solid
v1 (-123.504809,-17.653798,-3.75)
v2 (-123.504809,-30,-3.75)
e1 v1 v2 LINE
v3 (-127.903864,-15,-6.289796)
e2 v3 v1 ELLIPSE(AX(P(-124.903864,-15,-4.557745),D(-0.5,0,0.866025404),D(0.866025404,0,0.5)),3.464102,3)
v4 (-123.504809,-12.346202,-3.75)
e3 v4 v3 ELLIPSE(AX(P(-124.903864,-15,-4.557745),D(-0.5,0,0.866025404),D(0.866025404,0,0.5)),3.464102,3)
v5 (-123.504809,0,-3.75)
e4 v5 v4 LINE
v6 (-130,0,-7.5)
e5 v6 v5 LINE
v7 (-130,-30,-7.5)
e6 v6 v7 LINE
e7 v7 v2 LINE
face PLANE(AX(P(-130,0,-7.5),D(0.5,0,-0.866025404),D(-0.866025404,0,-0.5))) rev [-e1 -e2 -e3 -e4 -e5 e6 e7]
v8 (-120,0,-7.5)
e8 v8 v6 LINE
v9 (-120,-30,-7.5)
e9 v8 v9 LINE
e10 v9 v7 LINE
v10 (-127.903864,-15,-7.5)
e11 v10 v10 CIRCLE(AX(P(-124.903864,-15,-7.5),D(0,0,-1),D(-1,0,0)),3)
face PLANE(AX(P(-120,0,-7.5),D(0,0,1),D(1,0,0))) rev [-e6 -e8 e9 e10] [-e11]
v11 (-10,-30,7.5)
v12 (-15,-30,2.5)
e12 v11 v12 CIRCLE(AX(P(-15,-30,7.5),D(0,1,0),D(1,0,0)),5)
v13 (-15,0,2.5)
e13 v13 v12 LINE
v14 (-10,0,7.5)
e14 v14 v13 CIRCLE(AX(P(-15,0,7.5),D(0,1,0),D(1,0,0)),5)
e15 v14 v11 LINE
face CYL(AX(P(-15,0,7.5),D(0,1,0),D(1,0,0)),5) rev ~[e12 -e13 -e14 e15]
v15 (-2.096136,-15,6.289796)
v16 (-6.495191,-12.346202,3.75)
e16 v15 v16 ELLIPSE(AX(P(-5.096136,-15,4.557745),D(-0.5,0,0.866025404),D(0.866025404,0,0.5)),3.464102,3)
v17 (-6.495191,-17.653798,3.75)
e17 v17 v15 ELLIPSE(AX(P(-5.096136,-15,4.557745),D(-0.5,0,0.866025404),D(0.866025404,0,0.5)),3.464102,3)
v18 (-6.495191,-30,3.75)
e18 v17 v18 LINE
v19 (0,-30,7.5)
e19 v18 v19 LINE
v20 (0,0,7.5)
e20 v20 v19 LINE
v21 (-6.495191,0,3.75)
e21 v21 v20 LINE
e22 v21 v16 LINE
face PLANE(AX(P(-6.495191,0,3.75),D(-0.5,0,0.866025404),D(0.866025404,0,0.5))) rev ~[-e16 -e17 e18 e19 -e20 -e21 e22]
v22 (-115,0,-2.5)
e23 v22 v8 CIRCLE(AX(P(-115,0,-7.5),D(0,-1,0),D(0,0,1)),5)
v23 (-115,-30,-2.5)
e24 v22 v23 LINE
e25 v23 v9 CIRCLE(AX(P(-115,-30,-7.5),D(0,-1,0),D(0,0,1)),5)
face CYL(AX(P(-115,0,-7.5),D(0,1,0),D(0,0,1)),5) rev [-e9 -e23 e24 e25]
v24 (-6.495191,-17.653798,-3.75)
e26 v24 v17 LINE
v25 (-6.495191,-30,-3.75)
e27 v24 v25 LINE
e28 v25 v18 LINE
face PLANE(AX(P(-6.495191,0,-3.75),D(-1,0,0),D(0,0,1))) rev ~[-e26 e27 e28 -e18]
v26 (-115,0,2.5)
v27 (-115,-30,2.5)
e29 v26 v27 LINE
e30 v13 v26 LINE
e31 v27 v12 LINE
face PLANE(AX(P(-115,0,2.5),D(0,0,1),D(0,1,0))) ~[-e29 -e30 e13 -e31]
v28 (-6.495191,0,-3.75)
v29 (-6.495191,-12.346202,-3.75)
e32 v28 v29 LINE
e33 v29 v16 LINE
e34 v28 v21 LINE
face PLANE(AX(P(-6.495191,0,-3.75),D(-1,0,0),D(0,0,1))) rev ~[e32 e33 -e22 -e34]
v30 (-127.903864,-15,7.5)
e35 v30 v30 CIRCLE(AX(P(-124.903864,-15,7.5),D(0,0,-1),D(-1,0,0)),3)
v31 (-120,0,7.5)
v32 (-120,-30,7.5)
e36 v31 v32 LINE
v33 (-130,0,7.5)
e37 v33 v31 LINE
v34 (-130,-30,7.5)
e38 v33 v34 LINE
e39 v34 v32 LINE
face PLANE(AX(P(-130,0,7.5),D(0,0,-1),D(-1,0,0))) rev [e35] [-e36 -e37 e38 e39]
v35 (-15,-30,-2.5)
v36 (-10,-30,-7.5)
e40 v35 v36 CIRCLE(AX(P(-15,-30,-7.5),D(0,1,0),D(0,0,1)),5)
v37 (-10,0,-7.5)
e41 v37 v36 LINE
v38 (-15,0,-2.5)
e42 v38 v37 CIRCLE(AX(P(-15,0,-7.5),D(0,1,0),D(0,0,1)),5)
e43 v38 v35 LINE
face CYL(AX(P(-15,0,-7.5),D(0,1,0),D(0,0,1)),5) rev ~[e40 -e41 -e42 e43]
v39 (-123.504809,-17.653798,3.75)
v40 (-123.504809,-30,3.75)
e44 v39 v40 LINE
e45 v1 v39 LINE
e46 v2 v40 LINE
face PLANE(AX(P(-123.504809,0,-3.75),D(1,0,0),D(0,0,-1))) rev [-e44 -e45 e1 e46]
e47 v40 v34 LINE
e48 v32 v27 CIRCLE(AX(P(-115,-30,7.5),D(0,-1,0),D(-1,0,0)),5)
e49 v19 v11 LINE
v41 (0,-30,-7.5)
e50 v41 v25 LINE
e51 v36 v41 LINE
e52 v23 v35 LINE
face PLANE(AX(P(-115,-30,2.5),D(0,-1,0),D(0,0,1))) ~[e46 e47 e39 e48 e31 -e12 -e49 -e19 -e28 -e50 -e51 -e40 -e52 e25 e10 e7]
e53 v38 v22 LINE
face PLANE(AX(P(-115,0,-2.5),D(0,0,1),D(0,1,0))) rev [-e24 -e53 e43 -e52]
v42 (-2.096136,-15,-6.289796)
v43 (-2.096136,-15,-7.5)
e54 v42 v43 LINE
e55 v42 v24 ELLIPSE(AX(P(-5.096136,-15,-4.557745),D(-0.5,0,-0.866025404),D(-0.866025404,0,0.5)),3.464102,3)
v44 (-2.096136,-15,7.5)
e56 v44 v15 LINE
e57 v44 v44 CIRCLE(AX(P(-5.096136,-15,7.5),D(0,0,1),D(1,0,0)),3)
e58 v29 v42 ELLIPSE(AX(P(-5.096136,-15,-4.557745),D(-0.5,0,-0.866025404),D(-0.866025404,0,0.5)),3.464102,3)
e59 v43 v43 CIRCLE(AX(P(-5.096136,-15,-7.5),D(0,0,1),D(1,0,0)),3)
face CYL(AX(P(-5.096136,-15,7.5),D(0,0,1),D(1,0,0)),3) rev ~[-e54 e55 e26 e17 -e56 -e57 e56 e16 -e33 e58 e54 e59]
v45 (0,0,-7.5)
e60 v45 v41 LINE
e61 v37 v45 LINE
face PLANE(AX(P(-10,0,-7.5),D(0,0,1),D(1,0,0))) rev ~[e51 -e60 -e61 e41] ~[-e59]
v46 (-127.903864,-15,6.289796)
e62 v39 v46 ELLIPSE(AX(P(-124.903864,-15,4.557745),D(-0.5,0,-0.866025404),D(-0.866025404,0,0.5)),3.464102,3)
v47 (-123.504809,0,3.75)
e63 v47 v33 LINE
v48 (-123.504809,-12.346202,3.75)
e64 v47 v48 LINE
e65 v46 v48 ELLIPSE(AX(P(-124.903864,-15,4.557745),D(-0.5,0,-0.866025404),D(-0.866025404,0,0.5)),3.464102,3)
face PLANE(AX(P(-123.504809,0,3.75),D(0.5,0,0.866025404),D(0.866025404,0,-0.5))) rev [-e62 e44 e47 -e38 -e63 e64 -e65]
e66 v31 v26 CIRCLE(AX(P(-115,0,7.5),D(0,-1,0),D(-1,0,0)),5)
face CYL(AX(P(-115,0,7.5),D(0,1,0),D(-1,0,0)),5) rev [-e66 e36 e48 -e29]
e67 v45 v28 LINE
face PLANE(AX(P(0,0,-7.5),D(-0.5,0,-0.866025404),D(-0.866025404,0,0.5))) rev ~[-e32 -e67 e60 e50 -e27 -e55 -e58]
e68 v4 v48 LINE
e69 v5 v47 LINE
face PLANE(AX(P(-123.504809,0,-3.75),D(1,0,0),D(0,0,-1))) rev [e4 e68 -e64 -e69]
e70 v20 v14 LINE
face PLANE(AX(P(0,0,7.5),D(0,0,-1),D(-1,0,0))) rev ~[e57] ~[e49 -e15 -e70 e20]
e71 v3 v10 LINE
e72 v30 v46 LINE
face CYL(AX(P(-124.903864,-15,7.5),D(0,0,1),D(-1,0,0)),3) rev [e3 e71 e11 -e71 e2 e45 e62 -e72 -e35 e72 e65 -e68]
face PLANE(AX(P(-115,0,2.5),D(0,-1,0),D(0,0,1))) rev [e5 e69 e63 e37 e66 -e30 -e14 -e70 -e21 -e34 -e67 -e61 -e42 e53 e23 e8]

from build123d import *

# Parameters (mm, degrees)
F1_DEPTH = 30
F2_R     = 3
F3_DEPTH = 15
F4_DEPTH = 50


with BuildPart() as f1:
    # F0 (on Front) → F1 (new body)
    with BuildSketch(Plane.XZ):
        with BuildLine():
            ThreePointArc((-15, -2.5), (-11.4644660941, -3.9644660941), (-10, -7.5))
            Line((-10, -7.5), (0, -7.5))
            Line((0, -7.5), (-6.4951905284, -3.75))
            Line((-6.4951905284, -3.75), (-6.4951905284, 3.75))
            Line((-6.4951905284, 3.75), (0, 7.5))
            Line((0, 7.5), (-10, 7.5))
            ThreePointArc((-10, 7.5), (-11.4644660941, 3.9644660941), (-15, 2.5))
            Line((-15, 2.5), (-15, -2.5))
        make_face()
    extrude(amount=F1_DEPTH)

    # F2 (on face) → F3 (cut, through all)
    with BuildSketch(Plane.XY.offset(7.5)):
        with Locations((-5.096135661, -15)):
            Circle(F2_R)
    extrude(amount=-F3_DEPTH, mode=Mode.SUBTRACT)

    # F4 (add): a face of the model
    f4_faces = [f1.faces().sort_by_distance(p)[0] for p in [
        (-15, -15, 0),
    ]]
    extrude(f4_faces, amount=F4_DEPTH)

    # F5: F1 across face


with BuildPart() as f1_1:
    add(f1.part)
    add(f1.part.mirror(Plane(origin=(-65, -15, 0), x_dir=(0, -1, 0), z_dir=(-1, 0, 0))))


solid = f1_1.part
